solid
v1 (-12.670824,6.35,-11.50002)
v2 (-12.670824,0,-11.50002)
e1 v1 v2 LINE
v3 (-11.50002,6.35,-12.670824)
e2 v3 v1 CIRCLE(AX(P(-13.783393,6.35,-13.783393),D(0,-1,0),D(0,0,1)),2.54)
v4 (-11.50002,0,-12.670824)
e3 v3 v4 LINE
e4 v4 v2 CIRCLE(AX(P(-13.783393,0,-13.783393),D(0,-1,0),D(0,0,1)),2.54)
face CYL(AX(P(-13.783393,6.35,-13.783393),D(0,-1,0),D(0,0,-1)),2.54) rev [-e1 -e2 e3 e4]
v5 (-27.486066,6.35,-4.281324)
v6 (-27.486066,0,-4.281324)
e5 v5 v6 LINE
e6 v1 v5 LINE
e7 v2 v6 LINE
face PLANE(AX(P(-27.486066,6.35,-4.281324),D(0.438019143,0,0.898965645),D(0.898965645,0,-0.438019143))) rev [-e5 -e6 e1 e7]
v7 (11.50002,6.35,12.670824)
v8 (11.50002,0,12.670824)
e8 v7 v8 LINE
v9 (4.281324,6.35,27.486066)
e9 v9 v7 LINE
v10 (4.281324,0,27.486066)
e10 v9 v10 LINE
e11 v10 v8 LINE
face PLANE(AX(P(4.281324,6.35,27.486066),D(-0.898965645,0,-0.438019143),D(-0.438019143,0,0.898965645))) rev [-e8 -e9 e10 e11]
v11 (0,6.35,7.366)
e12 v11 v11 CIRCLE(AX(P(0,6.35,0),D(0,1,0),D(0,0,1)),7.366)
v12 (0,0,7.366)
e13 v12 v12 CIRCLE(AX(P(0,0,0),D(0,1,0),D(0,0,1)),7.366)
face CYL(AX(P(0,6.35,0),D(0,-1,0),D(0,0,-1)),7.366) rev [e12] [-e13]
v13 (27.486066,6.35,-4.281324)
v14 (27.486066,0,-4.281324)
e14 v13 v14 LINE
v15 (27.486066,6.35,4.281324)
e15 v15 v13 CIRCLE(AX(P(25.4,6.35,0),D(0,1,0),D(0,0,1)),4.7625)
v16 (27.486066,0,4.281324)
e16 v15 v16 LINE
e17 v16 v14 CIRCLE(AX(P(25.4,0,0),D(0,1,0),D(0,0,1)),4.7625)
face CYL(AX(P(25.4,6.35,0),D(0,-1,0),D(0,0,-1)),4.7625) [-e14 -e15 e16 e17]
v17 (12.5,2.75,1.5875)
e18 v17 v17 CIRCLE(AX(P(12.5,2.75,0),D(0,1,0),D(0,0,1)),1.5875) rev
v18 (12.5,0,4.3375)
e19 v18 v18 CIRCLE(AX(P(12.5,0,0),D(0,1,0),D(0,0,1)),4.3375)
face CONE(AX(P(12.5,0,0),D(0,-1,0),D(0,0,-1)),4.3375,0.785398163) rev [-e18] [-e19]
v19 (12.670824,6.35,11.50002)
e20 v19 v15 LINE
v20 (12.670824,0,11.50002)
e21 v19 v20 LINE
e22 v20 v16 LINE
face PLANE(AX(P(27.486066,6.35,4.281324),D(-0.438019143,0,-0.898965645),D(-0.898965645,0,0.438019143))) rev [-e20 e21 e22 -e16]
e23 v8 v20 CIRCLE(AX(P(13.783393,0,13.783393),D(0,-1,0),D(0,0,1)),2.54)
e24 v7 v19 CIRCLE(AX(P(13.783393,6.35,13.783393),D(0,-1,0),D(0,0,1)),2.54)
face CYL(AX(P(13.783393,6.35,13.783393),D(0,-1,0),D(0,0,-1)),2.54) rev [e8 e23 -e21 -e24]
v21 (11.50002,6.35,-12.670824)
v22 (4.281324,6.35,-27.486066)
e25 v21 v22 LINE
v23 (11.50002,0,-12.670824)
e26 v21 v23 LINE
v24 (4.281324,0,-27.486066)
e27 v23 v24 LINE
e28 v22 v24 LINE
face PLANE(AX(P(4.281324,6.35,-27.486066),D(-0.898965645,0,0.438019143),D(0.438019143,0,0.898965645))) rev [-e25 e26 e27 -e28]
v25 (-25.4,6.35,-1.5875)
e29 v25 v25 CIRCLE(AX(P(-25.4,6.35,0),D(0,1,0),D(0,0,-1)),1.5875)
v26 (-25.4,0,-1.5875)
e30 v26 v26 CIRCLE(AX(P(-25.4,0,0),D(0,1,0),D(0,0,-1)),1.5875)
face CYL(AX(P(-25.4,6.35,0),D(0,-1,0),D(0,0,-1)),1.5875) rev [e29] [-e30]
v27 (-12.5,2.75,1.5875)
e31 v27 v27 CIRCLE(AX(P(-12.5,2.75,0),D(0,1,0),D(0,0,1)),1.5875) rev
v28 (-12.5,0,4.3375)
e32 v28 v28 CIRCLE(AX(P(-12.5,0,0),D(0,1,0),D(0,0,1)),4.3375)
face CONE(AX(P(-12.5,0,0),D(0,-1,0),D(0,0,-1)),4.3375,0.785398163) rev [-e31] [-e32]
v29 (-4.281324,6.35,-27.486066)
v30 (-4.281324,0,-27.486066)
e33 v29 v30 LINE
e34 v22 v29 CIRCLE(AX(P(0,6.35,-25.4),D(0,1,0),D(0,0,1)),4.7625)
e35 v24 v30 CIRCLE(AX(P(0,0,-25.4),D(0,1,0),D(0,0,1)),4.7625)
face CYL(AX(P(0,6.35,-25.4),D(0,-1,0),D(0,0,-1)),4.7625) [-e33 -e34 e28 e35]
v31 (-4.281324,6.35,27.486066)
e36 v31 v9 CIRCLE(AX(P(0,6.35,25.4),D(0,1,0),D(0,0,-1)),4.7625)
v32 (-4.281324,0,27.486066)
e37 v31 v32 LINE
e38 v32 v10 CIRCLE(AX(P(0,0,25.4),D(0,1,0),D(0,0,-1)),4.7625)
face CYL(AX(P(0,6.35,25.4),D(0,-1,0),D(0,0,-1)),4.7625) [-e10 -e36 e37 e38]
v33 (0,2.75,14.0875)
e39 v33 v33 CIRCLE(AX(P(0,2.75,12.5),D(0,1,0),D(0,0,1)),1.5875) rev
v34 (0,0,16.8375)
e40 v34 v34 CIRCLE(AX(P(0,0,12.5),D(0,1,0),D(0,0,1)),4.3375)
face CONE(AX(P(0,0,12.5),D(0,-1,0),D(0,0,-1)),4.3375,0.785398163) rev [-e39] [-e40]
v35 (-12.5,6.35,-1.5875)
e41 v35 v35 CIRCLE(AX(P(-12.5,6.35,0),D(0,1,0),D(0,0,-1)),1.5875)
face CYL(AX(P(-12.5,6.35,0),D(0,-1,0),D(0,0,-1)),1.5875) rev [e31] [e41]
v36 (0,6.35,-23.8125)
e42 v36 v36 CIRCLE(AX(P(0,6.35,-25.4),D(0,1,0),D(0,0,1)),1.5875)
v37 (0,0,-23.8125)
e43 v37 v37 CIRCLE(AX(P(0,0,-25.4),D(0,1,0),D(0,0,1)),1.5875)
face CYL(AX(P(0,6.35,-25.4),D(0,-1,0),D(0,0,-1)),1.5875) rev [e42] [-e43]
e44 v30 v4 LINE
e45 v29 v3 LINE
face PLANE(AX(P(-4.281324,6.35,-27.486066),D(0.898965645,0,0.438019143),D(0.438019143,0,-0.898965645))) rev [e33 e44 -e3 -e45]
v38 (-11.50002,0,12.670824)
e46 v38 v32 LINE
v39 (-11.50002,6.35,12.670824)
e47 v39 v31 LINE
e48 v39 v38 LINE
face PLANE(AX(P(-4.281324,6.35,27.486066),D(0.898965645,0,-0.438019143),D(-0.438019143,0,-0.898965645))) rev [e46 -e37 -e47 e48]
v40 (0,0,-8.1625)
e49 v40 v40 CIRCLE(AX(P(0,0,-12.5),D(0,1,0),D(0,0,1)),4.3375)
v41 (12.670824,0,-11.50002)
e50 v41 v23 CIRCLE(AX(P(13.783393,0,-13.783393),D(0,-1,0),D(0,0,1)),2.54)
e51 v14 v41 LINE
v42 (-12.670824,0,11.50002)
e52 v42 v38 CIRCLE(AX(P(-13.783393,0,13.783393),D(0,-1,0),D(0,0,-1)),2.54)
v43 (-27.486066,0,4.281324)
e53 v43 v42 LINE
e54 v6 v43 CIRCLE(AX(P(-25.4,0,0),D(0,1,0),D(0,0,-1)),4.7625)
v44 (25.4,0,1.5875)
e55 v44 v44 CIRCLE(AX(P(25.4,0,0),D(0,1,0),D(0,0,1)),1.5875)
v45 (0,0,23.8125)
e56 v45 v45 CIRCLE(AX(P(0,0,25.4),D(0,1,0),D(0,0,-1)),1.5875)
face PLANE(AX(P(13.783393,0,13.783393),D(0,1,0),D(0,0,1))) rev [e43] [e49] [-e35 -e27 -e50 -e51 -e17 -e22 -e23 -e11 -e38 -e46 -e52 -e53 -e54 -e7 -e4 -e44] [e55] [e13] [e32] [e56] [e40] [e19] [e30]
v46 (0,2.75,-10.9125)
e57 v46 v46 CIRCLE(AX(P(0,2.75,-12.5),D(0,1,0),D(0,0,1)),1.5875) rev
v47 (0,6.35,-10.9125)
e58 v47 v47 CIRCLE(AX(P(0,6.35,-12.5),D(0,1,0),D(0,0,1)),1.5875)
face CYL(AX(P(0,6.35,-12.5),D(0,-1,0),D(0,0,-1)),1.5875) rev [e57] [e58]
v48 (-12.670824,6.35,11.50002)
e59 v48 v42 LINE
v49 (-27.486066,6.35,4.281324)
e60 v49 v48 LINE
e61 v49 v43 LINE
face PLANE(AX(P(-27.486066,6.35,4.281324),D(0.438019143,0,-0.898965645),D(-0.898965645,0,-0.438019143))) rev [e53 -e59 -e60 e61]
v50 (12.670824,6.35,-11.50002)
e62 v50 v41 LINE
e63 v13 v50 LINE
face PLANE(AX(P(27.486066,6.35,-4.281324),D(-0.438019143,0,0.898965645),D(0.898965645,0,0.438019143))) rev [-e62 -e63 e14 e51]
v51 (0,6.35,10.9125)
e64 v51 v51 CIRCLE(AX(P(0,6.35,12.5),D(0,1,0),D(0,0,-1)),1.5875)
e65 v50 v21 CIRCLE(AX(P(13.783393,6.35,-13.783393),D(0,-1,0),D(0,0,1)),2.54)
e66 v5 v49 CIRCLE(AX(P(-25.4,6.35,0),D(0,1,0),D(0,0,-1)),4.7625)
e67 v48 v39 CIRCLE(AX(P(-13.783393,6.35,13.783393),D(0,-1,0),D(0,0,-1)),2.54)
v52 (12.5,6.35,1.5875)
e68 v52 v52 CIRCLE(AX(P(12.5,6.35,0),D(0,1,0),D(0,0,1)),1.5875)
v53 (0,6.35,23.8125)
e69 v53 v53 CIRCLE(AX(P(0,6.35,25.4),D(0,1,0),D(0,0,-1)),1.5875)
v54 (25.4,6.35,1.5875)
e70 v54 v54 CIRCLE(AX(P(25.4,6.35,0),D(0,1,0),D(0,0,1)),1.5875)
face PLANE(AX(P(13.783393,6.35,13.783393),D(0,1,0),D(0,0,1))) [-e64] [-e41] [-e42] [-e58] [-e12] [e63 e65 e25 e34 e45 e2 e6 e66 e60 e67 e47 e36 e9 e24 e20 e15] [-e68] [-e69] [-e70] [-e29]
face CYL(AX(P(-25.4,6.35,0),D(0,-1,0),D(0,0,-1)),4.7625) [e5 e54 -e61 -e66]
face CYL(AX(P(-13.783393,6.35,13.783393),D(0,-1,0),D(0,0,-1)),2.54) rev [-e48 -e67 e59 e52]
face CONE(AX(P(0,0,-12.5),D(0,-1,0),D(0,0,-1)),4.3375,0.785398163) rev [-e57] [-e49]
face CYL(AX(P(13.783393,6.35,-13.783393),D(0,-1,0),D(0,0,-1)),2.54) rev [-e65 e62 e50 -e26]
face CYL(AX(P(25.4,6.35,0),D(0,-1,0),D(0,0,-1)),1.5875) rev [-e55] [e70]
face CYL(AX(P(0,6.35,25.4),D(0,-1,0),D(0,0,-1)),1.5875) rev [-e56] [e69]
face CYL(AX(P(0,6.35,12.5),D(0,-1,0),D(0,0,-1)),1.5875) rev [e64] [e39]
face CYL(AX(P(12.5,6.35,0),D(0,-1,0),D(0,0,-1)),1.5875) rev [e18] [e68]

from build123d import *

# Parameters (mm, degrees)
SKETCH1_R           = 7.366
SKETCH1_R_2         = 1.5875
BOSS_EXTRUDE1_DEPTH = 6.35
CHAMFER1_SIZE       = 2.75


with BuildPart() as part:
    # Sketch1 → Boss-Extrude1 (new body)
    with BuildSketch(Plane(origin=(0, 0, 0), x_dir=(1, 0, 0), z_dir=(0, 1, 0))):
        with BuildLine():
            Line((4.281323883, 27.486066169), (11.500019866, 12.67082398))
            ThreePointArc((11.500019866, 12.67082398), (11.987341379, 11.987341379), (12.67082398, 11.500019866))
            Line((12.67082398, 11.500019866), (27.486066169, 4.281323883))
            ThreePointArc((27.486066169, 4.281323883), (30.1625, 0), (27.486066169, -4.281323883))
            Line((27.486066169, -4.281323883), (12.67082398, -11.500019866))
            ThreePointArc((12.67082398, -11.500019866), (11.987341379, -11.987341379), (11.500019866, -12.67082398))
            Line((11.500019866, -12.67082398), (4.281323883, -27.486066169))
            ThreePointArc((4.281323883, -27.486066169), (0, -30.1625), (-4.281323883, -27.486066169))
            Line((-4.281323883, -27.486066169), (-11.500019866, -12.67082398))
            ThreePointArc((-11.500019866, -12.67082398), (-11.987341379, -11.987341379), (-12.67082398, -11.500019866))
            Line((-12.67082398, -11.500019866), (-27.486066169, -4.281323883))
            ThreePointArc((-27.486066169, -4.281323883), (-30.1625, 0), (-27.486066169, 4.281323883))
            Line((-27.486066169, 4.281323883), (-12.67082398, 11.500019866))
            ThreePointArc((-12.67082398, 11.500019866), (-11.987341379, 11.987341379), (-11.500019866, 12.67082398))
            Line((-11.500019866, 12.67082398), (-4.281323883, 27.486066169))
            ThreePointArc((-4.281323883, 27.486066169), (0, 30.1625), (4.281323883, 27.486066169))
        make_face()
        Circle(SKETCH1_R, mode=Mode.SUBTRACT)
        with Locations((0, 25.4)):
            Circle(SKETCH1_R_2, mode=Mode.SUBTRACT)
        with Locations((0, 12.5)):
            Circle(SKETCH1_R_2, mode=Mode.SUBTRACT)
        with Locations((12.5, 0)):
            Circle(SKETCH1_R_2, mode=Mode.SUBTRACT)
        with Locations((25.4, 0)):
            Circle(SKETCH1_R_2, mode=Mode.SUBTRACT)
        with Locations((0, -25.4)):
            Circle(SKETCH1_R_2, mode=Mode.SUBTRACT)
        with Locations((0, -12.5)):
            Circle(SKETCH1_R_2, mode=Mode.SUBTRACT)
        with Locations((-12.5, 0)):
            Circle(SKETCH1_R_2, mode=Mode.SUBTRACT)
        with Locations((-25.4, 0)):
            Circle(SKETCH1_R_2, mode=Mode.SUBTRACT)
    extrude(amount=BOSS_EXTRUDE1_DEPTH)

    # Chamfer1
    chamfer1_edges = [part.edges().sort_by_distance(p)[0] for p in [
        (-1.5875, 0, -12.5),
        (10.9125, 0, 0),
        (-1.5875, 0, 12.5),
        (-14.0875, 0, 0),
    ]]
    chamfer(chamfer1_edges, length=CHAMFER1_SIZE)


solid = part.part
